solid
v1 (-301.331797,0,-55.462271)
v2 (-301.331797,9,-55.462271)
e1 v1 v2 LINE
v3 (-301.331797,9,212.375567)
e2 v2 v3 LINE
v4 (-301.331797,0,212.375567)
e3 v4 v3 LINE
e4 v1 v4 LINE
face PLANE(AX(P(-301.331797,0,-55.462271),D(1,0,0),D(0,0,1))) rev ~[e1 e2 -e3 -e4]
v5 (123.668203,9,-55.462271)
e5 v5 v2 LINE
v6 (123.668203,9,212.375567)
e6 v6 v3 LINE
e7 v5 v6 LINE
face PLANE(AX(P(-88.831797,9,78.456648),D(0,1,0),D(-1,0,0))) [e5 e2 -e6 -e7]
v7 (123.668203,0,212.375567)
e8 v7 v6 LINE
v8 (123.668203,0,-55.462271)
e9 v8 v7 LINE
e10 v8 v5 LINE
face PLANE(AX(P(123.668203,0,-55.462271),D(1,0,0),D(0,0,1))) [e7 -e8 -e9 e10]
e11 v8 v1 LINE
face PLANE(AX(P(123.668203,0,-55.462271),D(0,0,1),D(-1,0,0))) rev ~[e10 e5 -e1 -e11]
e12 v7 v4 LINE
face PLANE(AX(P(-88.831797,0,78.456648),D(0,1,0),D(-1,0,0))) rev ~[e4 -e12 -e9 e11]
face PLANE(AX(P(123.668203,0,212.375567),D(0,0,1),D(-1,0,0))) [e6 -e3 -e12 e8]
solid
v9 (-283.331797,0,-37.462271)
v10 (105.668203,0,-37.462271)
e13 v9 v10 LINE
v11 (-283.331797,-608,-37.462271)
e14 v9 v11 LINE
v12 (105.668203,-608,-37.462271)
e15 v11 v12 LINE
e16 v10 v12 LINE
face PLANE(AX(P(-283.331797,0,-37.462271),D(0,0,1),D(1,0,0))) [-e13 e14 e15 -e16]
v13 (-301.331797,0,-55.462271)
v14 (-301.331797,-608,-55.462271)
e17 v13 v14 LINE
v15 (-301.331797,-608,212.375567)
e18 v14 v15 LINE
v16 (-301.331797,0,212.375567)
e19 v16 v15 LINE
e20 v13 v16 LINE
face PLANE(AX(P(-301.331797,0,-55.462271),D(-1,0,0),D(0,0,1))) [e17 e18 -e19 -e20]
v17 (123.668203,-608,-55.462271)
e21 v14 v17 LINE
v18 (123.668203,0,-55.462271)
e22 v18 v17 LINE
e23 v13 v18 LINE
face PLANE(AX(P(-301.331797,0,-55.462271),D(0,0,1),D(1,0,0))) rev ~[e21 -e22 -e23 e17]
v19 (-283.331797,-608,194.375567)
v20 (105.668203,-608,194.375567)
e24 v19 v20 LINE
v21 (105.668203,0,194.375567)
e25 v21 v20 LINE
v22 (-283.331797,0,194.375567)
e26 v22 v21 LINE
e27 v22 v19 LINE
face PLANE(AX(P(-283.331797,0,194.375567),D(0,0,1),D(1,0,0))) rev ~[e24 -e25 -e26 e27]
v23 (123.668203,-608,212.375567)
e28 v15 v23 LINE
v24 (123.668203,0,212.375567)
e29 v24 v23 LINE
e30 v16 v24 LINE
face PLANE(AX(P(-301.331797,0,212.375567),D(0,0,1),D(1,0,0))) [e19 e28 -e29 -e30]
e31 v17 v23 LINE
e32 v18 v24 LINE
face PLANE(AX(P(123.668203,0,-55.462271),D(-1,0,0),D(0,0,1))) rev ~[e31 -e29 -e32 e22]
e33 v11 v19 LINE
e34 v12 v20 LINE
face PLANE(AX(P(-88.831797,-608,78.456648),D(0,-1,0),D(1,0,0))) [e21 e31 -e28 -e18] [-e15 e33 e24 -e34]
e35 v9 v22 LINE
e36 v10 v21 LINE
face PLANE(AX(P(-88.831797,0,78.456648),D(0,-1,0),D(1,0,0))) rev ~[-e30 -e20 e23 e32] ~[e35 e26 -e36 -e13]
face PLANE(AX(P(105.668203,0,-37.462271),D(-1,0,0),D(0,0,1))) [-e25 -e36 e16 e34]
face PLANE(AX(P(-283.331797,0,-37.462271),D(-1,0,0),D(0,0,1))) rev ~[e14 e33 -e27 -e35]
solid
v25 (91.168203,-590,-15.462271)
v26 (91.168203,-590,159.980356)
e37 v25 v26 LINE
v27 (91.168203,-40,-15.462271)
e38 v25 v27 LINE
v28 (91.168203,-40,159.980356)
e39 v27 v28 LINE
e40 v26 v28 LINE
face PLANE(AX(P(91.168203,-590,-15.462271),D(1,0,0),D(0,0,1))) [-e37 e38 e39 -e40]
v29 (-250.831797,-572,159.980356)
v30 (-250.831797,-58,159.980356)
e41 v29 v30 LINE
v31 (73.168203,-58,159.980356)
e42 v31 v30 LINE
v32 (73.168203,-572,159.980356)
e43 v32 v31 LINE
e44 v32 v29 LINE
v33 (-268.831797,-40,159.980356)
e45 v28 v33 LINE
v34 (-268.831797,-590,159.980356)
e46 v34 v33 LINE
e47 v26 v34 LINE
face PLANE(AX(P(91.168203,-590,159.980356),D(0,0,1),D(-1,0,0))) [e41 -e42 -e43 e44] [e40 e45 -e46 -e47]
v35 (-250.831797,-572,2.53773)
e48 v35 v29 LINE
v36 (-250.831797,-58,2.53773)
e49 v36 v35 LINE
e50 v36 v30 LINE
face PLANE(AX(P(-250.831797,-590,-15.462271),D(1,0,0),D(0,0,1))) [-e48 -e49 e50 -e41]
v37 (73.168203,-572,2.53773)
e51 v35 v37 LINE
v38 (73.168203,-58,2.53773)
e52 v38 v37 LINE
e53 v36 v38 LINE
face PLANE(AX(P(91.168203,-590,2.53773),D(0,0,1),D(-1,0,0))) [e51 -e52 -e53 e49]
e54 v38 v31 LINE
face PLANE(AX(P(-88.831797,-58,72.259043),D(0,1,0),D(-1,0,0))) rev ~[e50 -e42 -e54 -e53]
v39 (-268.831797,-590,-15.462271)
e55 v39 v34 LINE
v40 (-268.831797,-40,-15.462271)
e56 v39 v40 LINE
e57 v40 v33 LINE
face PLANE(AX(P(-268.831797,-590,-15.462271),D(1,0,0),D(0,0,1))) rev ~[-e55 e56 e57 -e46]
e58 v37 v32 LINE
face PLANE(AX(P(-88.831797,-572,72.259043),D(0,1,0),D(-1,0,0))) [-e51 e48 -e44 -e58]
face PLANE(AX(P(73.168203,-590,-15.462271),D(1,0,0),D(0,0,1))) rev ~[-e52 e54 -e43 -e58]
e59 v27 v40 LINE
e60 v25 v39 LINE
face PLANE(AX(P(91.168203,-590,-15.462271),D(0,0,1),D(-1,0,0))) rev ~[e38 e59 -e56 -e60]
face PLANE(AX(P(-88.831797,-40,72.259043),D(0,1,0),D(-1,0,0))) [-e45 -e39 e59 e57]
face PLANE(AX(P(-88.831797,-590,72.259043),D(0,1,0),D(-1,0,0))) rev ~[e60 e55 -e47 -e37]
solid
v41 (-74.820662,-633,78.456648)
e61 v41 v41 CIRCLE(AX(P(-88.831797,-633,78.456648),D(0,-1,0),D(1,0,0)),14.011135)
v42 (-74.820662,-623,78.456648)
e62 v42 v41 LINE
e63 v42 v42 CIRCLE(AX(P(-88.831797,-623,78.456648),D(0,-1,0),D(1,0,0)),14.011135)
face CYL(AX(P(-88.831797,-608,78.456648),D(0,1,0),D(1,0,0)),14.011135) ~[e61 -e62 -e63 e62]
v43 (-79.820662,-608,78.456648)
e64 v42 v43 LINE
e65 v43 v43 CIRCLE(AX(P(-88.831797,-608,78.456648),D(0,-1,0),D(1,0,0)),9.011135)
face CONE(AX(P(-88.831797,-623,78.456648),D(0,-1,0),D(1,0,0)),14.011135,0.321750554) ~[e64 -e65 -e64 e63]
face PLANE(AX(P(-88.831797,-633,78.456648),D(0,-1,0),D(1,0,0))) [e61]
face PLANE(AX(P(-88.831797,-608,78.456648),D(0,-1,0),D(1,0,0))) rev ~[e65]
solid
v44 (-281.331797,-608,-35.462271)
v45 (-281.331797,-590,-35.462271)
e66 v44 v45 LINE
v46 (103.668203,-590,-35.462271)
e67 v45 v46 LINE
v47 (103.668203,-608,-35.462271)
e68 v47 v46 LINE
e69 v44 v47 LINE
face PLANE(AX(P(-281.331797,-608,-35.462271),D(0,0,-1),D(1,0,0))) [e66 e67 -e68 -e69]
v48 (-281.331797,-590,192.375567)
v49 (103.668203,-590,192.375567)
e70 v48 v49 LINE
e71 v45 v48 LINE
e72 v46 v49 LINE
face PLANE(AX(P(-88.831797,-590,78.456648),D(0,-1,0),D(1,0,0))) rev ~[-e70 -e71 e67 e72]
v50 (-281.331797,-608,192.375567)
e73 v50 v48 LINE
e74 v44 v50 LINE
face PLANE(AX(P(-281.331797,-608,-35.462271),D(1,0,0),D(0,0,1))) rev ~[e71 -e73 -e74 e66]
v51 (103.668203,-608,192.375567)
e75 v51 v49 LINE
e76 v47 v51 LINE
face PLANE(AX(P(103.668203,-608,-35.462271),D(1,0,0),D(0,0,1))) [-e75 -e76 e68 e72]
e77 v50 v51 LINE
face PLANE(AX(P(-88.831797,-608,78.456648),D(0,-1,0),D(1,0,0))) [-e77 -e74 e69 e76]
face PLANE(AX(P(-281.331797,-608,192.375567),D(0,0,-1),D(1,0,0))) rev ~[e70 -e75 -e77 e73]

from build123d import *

# Parameters (mm, degrees)
F0_W      = 425
F0_H      = 267.837838
F0_W_2    = 389
F0_H_2    = 231.837838
F1_DEPTH  = 608
F2_W      = 425
F2_H      = 267.837838
F3_DEPTH  = 9
F4_W      = 385
F4_H      = 227.837838
F5_DEPTH  = 18
F6_W      = 360
F6_H      = 175.442627
F7_DEPTH  = 550
F8_T      = -18
F9_R      = 14.011135
F10_DEPTH = 25
F11_SIZE2 = 5
F11_SIZE  = 15


with BuildPart() as f1:
    # F0 (on Front) → F1 (new body)
    with BuildSketch(Plane.XZ):
        with Locations((-88.831797, 78.456648)):
            Rectangle(F0_W, F0_H)
        with Locations((-88.831797, 78.456648)):
            Rectangle(F0_W_2, F0_H_2, mode=Mode.SUBTRACT)
    extrude(amount=F1_DEPTH)


with BuildPart() as f3:
    # F2 (on face) → F3 (new body)
    with BuildSketch(Plane(origin=(0, 0, 0), x_dir=(-1, 0, 0), z_dir=(0, 1, 0))):
        with Locations((88.831797, 78.456648)):
            Rectangle(F2_W, F2_H)
    extrude(amount=F3_DEPTH)


with BuildPart() as f5:
    # F4 (on face) → F5 (new body)
    with BuildSketch(Plane.XZ.offset(608)):
        with Locations((-88.831797, 78.456648)):
            Rectangle(F4_W, F4_H)
    extrude(amount=-F5_DEPTH)


with BuildPart() as f7:
    # F6 (on face) → F7 (new body)
    with BuildSketch(Plane(origin=(0, -590, 0), x_dir=(-1, 0, 0), z_dir=(0, 1, 0))):
        with Locations((88.831797, 72.259043)):
            Rectangle(F6_W, F6_H)
    extrude(amount=F7_DEPTH)

    # F8
    f8_openings = [f7.faces().sort_by_distance(p)[0] for p in [
        (-88.831797, -315, 159.980356),
    ]]
    offset(amount=F8_T, openings=f8_openings)


with BuildPart() as f10:
    # F9 (on face) → F10 (new body)
    with BuildSketch(Plane.XZ.offset(608)):
        with Locations((-88.831797, 78.456648)):
            Circle(F9_R)
    extrude(amount=F10_DEPTH)

    # F11
    f11_edges = [f10.edges().sort_by_distance(p)[0] for p in [
        (-102.842932, -608, 78.456648),
    ]]
    chamfer(f11_edges, length=F11_SIZE, length2=F11_SIZE2)


solid = Compound([f1.part, f3.part, f5.part, f7.part, f10.part])
